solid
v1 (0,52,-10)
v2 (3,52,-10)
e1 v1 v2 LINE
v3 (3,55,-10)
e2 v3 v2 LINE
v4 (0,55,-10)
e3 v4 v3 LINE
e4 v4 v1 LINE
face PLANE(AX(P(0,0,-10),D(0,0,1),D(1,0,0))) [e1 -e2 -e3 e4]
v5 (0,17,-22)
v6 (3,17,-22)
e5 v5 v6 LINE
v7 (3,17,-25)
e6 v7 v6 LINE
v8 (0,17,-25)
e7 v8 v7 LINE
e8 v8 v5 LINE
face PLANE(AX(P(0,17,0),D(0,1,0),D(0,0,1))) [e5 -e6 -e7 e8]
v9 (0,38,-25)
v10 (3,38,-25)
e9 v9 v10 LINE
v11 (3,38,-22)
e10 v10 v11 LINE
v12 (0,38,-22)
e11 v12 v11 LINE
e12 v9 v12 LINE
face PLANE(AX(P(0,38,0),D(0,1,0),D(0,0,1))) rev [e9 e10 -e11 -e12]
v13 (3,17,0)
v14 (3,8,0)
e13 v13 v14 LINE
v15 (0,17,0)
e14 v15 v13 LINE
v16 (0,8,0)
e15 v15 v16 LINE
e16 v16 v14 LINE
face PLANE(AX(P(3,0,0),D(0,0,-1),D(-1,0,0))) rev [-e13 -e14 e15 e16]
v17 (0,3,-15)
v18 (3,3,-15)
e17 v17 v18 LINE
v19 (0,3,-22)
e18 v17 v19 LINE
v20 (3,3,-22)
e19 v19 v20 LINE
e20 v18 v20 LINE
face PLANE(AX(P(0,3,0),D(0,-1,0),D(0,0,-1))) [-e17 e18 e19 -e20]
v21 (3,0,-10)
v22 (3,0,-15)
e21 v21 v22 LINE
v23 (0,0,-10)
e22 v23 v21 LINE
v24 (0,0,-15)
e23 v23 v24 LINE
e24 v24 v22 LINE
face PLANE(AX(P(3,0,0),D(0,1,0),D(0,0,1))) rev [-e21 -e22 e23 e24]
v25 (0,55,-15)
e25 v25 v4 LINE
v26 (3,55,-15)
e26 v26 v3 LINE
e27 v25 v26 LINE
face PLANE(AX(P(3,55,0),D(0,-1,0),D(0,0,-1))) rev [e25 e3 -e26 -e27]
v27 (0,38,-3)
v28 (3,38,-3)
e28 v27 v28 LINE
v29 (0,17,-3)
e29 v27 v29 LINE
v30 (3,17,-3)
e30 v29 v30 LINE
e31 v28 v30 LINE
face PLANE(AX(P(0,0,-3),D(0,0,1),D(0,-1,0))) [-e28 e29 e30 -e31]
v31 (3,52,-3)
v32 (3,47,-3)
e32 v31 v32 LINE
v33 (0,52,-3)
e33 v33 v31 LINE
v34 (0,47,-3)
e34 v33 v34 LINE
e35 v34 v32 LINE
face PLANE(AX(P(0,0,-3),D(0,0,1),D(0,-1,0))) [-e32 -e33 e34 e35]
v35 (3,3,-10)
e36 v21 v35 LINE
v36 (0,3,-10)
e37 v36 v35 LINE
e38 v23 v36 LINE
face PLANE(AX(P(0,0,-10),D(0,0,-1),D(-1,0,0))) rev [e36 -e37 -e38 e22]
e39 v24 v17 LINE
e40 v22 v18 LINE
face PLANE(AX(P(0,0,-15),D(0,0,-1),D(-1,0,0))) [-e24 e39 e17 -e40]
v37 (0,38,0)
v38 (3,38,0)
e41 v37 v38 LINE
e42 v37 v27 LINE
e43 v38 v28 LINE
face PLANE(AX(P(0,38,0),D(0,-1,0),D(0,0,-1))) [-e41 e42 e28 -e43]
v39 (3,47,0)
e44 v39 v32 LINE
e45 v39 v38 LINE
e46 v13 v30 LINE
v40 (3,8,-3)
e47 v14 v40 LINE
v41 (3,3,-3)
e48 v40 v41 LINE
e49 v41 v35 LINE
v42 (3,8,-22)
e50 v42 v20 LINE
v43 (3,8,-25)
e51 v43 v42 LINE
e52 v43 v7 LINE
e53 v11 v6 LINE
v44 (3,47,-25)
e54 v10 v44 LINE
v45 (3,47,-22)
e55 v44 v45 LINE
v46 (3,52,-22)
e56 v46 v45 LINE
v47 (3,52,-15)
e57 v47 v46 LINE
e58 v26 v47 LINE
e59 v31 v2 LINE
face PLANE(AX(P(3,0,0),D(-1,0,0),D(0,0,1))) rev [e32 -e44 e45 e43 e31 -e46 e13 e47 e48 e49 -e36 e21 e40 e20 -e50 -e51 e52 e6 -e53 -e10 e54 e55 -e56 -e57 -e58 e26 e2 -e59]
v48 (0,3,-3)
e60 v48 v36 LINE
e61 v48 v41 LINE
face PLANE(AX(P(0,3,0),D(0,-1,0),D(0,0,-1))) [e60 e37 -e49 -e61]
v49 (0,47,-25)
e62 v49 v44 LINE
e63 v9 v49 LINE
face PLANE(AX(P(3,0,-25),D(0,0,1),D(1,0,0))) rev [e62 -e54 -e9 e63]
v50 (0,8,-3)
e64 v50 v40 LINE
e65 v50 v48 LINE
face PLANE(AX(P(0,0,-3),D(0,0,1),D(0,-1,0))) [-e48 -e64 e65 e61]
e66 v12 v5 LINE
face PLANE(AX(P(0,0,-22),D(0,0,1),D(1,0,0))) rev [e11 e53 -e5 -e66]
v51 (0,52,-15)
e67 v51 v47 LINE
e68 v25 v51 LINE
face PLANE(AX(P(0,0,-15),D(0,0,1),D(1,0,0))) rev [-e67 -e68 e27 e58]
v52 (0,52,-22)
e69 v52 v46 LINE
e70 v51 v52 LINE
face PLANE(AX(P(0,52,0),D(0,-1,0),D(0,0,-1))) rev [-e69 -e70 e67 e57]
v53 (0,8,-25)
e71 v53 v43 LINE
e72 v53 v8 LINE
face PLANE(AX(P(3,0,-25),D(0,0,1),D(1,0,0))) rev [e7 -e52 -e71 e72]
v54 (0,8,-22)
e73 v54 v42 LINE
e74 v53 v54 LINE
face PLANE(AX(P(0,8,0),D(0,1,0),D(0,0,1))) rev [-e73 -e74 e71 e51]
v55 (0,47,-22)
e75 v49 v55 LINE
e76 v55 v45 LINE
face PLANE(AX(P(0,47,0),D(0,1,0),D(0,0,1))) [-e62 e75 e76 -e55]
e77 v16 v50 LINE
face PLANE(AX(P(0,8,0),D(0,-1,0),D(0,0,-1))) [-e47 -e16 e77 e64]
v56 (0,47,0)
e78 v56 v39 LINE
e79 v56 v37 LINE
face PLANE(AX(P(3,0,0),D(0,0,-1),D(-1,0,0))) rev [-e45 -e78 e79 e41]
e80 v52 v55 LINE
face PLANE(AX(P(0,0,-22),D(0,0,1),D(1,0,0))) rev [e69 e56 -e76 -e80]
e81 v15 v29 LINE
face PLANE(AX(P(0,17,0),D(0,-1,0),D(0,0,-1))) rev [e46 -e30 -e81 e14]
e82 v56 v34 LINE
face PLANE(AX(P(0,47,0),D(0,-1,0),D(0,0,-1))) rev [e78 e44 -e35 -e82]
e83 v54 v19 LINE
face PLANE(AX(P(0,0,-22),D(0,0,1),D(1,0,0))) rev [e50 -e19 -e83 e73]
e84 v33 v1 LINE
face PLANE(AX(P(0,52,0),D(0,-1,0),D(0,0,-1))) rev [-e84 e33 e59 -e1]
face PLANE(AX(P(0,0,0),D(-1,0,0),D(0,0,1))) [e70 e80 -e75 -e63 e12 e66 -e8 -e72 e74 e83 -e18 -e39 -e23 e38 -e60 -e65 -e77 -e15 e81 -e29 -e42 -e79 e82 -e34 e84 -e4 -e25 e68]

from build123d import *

# Parameters (mm, degrees)
SKETCH_2_W          = 25
SKETCH_2_H          = 55
EXTRUDE_1_DEPTH     = 3
SKETCH_3_W          = 3
SKETCH_3_H          = 8
SKETCH_3_H_2        = 21
CUT_EXTRUDE_1_DEPTH = 4
SKETCH_4_W          = 7
SKETCH_4_H          = 3
CUT_EXTRUDE_2_DEPTH = 4


with BuildPart() as part:
    # 스케치2 → 보스-돌출1 (new body)
    with BuildSketch(Plane(origin=(0, 0, 0), x_dir=(0, 0, -1), z_dir=(1, 0, 0))):
        with Locations((12.5, 27.5)):
            Rectangle(SKETCH_2_W, SKETCH_2_H)
    extrude(amount=EXTRUDE_1_DEPTH)

    # 스케치3 → 컷-돌출1 (cut, through all)
    with BuildSketch(Plane(origin=(3, 0, 0), x_dir=(0, 0, -1), z_dir=(1, 0, 0))):
        with Locations((1.5, 51)):
            Rectangle(SKETCH_3_W, SKETCH_3_H)
        with Locations((23.5, 51)):
            Rectangle(SKETCH_3_W, SKETCH_3_H)
        with Locations((23.5, 27.5)):
            Rectangle(SKETCH_3_W, SKETCH_3_H_2)
        with Locations((1.5, 27.5)):
            Rectangle(SKETCH_3_W, SKETCH_3_H_2)
        with Locations((1.5, 4)):
            Rectangle(SKETCH_3_W, SKETCH_3_H)
        with Locations((23.5, 4)):
            Rectangle(SKETCH_3_W, SKETCH_3_H)
    extrude(amount=-CUT_EXTRUDE_1_DEPTH, mode=Mode.SUBTRACT)

    # 스케치4 → 컷-돌출2 (cut, through all)
    with BuildSketch(Plane(origin=(3, 0, 0), x_dir=(0, 0, -1), z_dir=(1, 0, 0))):
        with Locations((6.5, 53.5)):
            Rectangle(SKETCH_4_W, SKETCH_4_H)
        with Locations((18.5, 53.5)):
            Rectangle(SKETCH_4_W, SKETCH_4_H)
        with Locations((18.5, 1.5)):
            Rectangle(SKETCH_4_W, SKETCH_4_H)
        with Locations((6.5, 1.5)):
            Rectangle(SKETCH_4_W, SKETCH_4_H)
    extrude(amount=-CUT_EXTRUDE_2_DEPTH, mode=Mode.SUBTRACT)


solid = part.part
